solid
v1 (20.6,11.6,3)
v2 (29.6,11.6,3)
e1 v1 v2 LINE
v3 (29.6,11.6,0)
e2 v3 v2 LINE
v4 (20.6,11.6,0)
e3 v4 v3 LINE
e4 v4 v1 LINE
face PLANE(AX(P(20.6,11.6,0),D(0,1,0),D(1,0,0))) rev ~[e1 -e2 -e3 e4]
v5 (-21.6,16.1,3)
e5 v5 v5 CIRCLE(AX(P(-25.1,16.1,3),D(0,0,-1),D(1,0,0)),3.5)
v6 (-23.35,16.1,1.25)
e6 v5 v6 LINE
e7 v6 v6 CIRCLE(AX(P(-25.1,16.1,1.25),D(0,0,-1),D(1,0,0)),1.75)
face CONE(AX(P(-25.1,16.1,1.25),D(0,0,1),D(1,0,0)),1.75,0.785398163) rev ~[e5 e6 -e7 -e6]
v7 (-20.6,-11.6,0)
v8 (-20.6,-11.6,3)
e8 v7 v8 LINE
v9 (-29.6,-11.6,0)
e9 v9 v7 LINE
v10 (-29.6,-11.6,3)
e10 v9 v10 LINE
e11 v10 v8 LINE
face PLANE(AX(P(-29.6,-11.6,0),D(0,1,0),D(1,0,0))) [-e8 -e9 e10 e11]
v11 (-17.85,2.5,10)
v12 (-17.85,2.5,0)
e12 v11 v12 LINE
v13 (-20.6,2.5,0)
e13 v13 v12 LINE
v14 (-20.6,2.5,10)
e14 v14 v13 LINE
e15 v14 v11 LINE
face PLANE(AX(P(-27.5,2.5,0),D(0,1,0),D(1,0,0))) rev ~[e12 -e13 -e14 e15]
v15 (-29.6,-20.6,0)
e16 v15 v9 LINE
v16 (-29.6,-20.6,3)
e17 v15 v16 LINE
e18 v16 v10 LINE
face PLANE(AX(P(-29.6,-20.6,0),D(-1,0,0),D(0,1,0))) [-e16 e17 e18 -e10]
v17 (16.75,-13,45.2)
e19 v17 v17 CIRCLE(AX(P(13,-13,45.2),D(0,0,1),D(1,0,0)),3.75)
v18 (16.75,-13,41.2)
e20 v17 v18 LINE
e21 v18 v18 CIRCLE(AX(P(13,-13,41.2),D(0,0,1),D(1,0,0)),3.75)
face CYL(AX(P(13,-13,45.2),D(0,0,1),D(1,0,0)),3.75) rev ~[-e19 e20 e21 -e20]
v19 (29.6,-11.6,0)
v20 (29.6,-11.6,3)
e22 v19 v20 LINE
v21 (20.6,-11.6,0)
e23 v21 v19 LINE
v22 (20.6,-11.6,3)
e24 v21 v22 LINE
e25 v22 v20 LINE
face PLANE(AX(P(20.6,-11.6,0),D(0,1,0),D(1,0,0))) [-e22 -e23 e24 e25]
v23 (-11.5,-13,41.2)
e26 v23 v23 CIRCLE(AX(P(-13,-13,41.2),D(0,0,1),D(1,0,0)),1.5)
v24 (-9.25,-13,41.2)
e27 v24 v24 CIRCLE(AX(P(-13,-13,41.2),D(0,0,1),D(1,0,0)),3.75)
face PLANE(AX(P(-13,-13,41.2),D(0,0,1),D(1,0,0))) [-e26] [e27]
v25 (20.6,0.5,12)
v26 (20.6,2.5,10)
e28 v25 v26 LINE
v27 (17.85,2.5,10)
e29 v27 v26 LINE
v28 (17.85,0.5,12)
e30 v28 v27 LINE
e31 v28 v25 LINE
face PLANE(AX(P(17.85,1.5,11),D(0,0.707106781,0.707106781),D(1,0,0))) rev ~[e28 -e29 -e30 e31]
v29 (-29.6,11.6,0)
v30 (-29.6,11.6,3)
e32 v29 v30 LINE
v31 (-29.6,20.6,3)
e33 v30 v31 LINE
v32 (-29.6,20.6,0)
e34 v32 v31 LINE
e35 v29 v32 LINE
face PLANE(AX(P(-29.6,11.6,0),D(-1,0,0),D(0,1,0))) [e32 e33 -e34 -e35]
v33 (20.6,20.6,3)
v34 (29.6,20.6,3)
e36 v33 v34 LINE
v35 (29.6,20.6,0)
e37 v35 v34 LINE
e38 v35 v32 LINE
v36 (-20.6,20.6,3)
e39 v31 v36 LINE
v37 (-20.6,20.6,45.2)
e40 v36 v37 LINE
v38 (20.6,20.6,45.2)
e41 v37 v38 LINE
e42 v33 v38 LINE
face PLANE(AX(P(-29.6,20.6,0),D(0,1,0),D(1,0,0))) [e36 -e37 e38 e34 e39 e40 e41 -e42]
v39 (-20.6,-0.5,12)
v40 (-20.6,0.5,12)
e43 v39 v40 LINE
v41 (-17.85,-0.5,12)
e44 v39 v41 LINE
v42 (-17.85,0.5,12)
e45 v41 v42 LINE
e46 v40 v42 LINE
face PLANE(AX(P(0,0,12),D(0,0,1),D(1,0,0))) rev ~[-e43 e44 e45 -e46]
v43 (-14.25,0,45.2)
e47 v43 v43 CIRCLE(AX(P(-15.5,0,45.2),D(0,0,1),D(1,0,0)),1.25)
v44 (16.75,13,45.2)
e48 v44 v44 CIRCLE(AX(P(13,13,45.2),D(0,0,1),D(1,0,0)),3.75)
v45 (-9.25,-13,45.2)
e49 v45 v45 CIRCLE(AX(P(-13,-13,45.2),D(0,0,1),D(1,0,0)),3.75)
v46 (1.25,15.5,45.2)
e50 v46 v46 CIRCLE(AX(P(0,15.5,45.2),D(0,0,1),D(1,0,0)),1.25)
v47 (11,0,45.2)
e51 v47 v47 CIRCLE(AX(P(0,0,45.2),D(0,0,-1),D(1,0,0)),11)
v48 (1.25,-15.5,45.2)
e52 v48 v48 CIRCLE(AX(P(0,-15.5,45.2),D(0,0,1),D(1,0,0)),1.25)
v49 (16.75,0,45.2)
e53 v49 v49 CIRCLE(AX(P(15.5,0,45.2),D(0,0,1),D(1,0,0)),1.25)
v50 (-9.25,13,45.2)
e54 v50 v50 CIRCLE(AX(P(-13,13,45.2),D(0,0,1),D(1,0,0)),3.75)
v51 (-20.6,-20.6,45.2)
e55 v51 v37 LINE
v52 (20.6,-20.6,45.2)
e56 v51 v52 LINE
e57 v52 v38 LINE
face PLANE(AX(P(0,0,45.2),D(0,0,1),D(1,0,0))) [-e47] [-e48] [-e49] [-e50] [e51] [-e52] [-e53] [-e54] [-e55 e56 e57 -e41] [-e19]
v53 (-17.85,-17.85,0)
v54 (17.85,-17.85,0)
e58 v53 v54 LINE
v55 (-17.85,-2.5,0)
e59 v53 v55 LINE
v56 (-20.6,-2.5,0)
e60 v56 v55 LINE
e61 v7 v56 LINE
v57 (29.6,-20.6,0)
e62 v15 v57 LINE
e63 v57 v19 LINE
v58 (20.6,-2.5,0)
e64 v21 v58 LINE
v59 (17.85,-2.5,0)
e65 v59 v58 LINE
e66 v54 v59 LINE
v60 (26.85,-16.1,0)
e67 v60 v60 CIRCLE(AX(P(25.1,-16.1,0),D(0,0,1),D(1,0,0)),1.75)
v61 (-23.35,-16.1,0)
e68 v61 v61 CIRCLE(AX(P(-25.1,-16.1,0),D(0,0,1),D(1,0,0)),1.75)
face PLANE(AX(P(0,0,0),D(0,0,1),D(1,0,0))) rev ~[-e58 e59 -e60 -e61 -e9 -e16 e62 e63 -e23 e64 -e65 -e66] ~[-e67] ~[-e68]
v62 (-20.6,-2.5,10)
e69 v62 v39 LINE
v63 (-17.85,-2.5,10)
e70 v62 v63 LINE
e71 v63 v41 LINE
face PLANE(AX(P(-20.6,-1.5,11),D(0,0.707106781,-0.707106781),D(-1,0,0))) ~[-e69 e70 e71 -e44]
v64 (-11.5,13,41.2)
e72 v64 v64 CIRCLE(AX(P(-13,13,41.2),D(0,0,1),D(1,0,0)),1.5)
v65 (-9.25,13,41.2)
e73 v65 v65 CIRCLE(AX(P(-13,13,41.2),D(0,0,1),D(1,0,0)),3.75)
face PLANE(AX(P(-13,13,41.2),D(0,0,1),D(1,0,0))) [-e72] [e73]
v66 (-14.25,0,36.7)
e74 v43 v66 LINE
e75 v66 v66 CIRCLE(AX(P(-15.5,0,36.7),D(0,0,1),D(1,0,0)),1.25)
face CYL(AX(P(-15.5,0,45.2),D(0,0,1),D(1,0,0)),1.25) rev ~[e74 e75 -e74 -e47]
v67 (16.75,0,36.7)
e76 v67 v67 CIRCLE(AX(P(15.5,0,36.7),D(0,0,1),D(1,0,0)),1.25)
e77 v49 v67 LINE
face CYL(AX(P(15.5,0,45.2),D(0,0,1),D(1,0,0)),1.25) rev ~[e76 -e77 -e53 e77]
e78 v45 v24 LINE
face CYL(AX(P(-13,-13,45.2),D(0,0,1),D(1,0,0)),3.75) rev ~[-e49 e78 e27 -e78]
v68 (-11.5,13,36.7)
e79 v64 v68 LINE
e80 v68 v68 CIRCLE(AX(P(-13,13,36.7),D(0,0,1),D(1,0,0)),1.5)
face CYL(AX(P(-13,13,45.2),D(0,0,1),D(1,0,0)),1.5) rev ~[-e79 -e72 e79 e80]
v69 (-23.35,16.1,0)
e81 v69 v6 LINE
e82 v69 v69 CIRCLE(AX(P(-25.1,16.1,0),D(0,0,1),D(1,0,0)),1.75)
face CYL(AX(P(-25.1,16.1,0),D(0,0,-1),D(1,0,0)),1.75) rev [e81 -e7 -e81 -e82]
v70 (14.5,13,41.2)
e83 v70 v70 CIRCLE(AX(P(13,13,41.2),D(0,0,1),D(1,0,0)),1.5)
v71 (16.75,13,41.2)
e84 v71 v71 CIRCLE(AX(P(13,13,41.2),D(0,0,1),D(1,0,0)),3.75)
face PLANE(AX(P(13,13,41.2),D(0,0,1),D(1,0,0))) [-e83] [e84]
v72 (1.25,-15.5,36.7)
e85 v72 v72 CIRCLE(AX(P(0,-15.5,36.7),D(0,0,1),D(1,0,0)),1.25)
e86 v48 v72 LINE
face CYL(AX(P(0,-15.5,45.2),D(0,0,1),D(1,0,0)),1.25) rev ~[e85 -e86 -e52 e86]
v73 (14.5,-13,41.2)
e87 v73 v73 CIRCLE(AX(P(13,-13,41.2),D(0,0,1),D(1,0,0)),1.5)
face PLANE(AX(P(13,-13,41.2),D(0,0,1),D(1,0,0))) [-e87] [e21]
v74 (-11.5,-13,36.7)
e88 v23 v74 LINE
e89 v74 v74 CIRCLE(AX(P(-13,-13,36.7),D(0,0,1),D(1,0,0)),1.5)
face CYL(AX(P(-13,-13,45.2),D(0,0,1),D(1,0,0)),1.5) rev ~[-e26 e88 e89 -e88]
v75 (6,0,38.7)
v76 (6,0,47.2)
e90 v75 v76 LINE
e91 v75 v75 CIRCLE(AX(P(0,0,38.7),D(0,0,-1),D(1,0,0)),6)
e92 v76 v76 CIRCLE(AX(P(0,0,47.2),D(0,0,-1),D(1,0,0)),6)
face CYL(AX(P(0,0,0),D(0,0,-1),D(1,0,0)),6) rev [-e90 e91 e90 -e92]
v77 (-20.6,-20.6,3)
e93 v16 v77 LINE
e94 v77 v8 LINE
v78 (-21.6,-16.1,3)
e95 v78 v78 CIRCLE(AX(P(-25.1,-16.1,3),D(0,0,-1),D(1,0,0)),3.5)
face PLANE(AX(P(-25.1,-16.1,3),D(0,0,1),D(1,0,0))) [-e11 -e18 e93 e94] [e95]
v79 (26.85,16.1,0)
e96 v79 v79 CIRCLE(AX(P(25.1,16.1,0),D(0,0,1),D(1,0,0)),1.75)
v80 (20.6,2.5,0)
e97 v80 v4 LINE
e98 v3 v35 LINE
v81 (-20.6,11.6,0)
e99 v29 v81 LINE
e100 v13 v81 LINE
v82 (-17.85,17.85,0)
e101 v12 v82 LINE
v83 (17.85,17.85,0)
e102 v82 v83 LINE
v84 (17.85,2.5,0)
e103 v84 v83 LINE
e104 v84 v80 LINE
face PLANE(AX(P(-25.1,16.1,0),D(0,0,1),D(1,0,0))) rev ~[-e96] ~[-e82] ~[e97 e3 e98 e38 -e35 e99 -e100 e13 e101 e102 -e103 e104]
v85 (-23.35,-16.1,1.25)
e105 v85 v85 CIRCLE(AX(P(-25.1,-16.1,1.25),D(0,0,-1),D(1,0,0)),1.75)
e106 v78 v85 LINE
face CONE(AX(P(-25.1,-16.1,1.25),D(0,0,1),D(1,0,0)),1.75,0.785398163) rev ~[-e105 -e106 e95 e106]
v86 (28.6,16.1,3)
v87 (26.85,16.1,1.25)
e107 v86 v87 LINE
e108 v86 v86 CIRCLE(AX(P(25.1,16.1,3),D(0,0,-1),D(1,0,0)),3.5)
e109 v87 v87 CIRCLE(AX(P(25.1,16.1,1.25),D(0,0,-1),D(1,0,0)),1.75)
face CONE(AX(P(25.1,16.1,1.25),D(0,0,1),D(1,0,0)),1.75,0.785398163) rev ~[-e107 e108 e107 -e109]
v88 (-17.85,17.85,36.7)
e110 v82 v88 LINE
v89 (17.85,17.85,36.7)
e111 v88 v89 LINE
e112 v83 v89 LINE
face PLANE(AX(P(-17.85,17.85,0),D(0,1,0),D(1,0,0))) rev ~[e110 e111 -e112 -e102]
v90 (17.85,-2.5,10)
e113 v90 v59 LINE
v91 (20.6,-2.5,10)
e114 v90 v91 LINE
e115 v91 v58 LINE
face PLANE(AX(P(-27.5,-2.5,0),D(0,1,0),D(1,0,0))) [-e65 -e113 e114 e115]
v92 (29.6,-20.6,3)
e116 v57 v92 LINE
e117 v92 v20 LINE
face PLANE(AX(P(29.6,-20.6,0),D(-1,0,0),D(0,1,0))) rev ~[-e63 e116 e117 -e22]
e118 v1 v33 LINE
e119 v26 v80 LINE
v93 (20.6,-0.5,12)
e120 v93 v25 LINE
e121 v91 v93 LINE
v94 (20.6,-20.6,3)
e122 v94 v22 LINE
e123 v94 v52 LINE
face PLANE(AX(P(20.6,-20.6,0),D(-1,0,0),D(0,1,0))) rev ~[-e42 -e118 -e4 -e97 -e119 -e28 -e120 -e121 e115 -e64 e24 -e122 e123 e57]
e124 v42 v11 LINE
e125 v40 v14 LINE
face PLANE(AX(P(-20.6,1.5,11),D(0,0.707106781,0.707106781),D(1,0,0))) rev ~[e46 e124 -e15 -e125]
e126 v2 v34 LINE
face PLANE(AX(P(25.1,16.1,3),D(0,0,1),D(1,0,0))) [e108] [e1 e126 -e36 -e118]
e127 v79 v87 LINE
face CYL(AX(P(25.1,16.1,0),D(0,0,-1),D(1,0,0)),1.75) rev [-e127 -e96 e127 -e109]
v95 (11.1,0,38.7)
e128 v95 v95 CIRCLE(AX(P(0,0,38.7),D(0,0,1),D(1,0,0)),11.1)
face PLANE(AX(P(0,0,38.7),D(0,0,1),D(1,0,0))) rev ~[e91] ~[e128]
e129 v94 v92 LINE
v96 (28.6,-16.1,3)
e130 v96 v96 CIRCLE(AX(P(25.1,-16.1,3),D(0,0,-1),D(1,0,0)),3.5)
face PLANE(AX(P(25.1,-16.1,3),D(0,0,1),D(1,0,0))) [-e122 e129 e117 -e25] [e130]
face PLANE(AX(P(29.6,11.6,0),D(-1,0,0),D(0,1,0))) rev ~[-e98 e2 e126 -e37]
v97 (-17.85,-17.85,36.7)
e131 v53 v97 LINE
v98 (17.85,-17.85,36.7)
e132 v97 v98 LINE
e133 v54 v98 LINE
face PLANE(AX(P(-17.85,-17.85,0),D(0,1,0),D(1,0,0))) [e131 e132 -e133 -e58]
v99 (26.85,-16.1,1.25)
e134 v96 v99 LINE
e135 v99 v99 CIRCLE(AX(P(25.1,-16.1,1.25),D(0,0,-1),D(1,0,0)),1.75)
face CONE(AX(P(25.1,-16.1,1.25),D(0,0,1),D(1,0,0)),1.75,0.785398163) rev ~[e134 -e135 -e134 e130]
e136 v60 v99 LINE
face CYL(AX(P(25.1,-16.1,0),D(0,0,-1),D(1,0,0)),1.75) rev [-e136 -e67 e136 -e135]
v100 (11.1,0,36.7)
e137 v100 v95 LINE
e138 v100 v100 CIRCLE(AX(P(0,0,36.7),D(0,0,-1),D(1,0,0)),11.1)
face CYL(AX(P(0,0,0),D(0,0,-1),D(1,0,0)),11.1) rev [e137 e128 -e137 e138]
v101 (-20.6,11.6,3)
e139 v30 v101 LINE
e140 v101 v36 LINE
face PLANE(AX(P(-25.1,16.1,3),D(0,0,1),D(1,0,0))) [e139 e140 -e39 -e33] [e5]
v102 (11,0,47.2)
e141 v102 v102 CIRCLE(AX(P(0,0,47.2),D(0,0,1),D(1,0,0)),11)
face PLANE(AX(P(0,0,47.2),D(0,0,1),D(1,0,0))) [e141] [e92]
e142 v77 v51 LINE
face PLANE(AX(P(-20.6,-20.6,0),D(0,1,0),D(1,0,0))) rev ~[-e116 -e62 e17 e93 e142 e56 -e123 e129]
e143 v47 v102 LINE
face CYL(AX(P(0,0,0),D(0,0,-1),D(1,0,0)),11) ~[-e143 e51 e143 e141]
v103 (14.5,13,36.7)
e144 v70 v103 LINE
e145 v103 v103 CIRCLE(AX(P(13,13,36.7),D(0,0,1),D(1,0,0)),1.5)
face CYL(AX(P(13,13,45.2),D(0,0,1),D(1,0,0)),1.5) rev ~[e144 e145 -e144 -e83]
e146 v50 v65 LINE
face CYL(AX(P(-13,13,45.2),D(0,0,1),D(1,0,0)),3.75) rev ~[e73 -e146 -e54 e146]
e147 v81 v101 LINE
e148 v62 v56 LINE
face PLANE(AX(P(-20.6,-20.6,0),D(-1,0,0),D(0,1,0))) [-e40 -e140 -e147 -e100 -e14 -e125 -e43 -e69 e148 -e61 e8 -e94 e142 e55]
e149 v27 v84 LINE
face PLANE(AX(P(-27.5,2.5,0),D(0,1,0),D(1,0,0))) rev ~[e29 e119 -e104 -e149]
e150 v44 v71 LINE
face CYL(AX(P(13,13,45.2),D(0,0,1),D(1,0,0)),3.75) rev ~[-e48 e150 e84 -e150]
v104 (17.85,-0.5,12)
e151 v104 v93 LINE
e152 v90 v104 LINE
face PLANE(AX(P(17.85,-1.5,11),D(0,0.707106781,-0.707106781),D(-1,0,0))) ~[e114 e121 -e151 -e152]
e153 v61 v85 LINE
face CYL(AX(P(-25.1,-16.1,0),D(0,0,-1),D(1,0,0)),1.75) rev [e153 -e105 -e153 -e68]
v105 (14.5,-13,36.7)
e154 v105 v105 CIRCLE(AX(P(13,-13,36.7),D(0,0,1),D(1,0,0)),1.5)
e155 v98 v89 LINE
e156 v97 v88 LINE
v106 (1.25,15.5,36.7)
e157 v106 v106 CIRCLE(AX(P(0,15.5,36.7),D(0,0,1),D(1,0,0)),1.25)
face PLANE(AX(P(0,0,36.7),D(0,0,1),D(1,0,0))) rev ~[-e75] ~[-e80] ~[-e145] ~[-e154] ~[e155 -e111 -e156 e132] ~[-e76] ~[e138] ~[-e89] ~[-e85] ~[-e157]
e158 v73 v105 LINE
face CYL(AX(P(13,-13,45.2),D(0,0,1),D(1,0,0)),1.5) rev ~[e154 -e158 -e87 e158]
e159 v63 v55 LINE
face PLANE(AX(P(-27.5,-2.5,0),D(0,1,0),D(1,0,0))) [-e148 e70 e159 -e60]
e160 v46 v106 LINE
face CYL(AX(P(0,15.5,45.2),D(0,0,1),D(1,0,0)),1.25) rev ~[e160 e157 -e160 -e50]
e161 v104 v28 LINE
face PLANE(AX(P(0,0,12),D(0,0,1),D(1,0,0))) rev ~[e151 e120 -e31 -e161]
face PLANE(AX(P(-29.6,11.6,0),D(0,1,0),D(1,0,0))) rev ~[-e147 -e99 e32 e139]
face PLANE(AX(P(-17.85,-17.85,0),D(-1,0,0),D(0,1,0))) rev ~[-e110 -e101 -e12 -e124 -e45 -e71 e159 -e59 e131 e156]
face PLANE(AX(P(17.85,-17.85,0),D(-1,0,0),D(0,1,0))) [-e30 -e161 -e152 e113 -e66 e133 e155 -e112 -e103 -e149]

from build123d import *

# Parameters (mm, degrees)
SKETCH_W        = 41.2
SKETCH_H        = 41.2
PAD_DEPTH       = 45.2
SKETCH001_R     = 11
PAD001_DEPTH    = 47.2
SKETCH002_R     = 11.1
POCKET_DEPTH    = 38.7
SKETCH003_W     = 35.7
SKETCH003_H     = 35.7
POCKET001_DEPTH = 36.7
SKETCH004_R     = 1.5
SKETCH004_R_2   = 1.25
POCKET002_DEPTH = 45.201
SKETCH005_R     = 3.75
POCKET003_DEPTH = 4
SKETCH006_R     = 6
POCKET004_DEPTH = 47.201
SKETCH007_W     = 55
SKETCH007_H     = 5
POCKET005_DEPTH = 12
CHAMFER_SIZE    = 2
SKETCH008_W     = 9
SKETCH008_H     = 9
PAD002_DEPTH    = 3
SKETCH009_R     = 1.75
POCKET006_DEPTH = 47.201
CHAMFER001_SIZE = 1.75


with BuildPart() as part:
    # Sketch → Pad (new body)
    with BuildSketch(Plane.XY):
        Rectangle(SKETCH_W, SKETCH_H)
    extrude(amount=PAD_DEPTH)

    # Sketch001 → Pad001 (join)
    with BuildSketch(Plane.XY):
        Circle(SKETCH001_R)
    extrude(amount=PAD001_DEPTH)

    # Sketch002 → Pocket (cut)
    with BuildSketch(Plane.XY):
        Circle(SKETCH002_R)
    extrude(amount=POCKET_DEPTH, mode=Mode.SUBTRACT)

    # Sketch003 → Pocket001 (cut)
    with BuildSketch(Plane.XY):
        Rectangle(SKETCH003_W, SKETCH003_H)
    extrude(amount=POCKET001_DEPTH, mode=Mode.SUBTRACT)

    # Sketch004 (on DatumPlane) → Pocket002 (cut, through all)
    with BuildSketch(Plane.XY.offset(45.2)):
        with Locations((13, 13)):
            Circle(SKETCH004_R)
        with Locations((15.5, 0)):
            Circle(SKETCH004_R_2)
        with Locations((-13, 13)):
            Circle(SKETCH004_R)
        with Locations((0, 15.5)):
            Circle(SKETCH004_R_2)
        with Locations((-15.5, 0)):
            Circle(SKETCH004_R_2)
        with Locations((0, -15.5)):
            Circle(SKETCH004_R_2)
        with Locations((13, -13)):
            Circle(SKETCH004_R)
        with Locations((-13, -13)):
            Circle(SKETCH004_R)
    extrude(amount=-POCKET002_DEPTH, mode=Mode.SUBTRACT)

    # Sketch005 (on DatumPlane) → Pocket003 (cut)
    with BuildSketch(Plane.XY.offset(45.2)):
        with Locations((-13, 13)):
            Circle(SKETCH005_R)
        with Locations((13, 13)):
            Circle(SKETCH005_R)
        with Locations((13, -13)):
            Circle(SKETCH005_R)
        with Locations((-13, -13)):
            Circle(SKETCH005_R)
    extrude(amount=-POCKET003_DEPTH, mode=Mode.SUBTRACT)

    # Sketch006 → Pocket004 (cut, through all)
    with BuildSketch(Plane.XY):
        Circle(SKETCH006_R)
    extrude(amount=POCKET004_DEPTH, mode=Mode.SUBTRACT)

    # Sketch007 → Pocket005 (cut)
    with BuildSketch(Plane.XY):
        Rectangle(SKETCH007_W, SKETCH007_H)
    extrude(amount=POCKET005_DEPTH, mode=Mode.SUBTRACT)

    # Chamfer
    chamfer_edges = [part.edges().sort_by_distance(p)[0] for p in [
        (19.225, 2.5, 12),
        (19.225, -2.5, 12),
        (-19.225, -2.5, 12),
        (-19.225, 2.5, 12),
    ]]
    chamfer(chamfer_edges, length=CHAMFER_SIZE)

    # Sketch008 → Pad002 (join)
    with BuildSketch(Plane.XY):
        with Locations((-25.1, 16.1)):
            Rectangle(SKETCH008_W, SKETCH008_H)
        with Locations((25.1, 16.1)):
            Rectangle(SKETCH008_W, SKETCH008_H)
        with Locations((25.1, -16.1)):
            Rectangle(SKETCH008_W, SKETCH008_H)
        with Locations((-25.1, -16.1)):
            Rectangle(SKETCH008_W, SKETCH008_H)
    extrude(amount=PAD002_DEPTH)

    # Sketch009 → Pocket006 (cut, through all)
    with BuildSketch(Plane.XY):
        with Locations((-25.1, 16.1)):
            Circle(SKETCH009_R)
        with Locations((-25.1, -16.1)):
            Circle(SKETCH009_R)
        with Locations((25.1, -16.1)):
            Circle(SKETCH009_R)
        with Locations((25.1, 16.1)):
            Circle(SKETCH009_R)
    extrude(amount=POCKET006_DEPTH, mode=Mode.SUBTRACT)

    # Chamfer001
    chamfer001_edges = [part.edges().sort_by_distance(p)[0] for p in [
        (-26.85, 16.1, 3),
        (-26.85, -16.1, 3),
        (23.35, 16.1, 3),
        (23.35, -16.1, 3),
    ]]
    chamfer(chamfer001_edges, length=CHAMFER001_SIZE)


solid = part.part
